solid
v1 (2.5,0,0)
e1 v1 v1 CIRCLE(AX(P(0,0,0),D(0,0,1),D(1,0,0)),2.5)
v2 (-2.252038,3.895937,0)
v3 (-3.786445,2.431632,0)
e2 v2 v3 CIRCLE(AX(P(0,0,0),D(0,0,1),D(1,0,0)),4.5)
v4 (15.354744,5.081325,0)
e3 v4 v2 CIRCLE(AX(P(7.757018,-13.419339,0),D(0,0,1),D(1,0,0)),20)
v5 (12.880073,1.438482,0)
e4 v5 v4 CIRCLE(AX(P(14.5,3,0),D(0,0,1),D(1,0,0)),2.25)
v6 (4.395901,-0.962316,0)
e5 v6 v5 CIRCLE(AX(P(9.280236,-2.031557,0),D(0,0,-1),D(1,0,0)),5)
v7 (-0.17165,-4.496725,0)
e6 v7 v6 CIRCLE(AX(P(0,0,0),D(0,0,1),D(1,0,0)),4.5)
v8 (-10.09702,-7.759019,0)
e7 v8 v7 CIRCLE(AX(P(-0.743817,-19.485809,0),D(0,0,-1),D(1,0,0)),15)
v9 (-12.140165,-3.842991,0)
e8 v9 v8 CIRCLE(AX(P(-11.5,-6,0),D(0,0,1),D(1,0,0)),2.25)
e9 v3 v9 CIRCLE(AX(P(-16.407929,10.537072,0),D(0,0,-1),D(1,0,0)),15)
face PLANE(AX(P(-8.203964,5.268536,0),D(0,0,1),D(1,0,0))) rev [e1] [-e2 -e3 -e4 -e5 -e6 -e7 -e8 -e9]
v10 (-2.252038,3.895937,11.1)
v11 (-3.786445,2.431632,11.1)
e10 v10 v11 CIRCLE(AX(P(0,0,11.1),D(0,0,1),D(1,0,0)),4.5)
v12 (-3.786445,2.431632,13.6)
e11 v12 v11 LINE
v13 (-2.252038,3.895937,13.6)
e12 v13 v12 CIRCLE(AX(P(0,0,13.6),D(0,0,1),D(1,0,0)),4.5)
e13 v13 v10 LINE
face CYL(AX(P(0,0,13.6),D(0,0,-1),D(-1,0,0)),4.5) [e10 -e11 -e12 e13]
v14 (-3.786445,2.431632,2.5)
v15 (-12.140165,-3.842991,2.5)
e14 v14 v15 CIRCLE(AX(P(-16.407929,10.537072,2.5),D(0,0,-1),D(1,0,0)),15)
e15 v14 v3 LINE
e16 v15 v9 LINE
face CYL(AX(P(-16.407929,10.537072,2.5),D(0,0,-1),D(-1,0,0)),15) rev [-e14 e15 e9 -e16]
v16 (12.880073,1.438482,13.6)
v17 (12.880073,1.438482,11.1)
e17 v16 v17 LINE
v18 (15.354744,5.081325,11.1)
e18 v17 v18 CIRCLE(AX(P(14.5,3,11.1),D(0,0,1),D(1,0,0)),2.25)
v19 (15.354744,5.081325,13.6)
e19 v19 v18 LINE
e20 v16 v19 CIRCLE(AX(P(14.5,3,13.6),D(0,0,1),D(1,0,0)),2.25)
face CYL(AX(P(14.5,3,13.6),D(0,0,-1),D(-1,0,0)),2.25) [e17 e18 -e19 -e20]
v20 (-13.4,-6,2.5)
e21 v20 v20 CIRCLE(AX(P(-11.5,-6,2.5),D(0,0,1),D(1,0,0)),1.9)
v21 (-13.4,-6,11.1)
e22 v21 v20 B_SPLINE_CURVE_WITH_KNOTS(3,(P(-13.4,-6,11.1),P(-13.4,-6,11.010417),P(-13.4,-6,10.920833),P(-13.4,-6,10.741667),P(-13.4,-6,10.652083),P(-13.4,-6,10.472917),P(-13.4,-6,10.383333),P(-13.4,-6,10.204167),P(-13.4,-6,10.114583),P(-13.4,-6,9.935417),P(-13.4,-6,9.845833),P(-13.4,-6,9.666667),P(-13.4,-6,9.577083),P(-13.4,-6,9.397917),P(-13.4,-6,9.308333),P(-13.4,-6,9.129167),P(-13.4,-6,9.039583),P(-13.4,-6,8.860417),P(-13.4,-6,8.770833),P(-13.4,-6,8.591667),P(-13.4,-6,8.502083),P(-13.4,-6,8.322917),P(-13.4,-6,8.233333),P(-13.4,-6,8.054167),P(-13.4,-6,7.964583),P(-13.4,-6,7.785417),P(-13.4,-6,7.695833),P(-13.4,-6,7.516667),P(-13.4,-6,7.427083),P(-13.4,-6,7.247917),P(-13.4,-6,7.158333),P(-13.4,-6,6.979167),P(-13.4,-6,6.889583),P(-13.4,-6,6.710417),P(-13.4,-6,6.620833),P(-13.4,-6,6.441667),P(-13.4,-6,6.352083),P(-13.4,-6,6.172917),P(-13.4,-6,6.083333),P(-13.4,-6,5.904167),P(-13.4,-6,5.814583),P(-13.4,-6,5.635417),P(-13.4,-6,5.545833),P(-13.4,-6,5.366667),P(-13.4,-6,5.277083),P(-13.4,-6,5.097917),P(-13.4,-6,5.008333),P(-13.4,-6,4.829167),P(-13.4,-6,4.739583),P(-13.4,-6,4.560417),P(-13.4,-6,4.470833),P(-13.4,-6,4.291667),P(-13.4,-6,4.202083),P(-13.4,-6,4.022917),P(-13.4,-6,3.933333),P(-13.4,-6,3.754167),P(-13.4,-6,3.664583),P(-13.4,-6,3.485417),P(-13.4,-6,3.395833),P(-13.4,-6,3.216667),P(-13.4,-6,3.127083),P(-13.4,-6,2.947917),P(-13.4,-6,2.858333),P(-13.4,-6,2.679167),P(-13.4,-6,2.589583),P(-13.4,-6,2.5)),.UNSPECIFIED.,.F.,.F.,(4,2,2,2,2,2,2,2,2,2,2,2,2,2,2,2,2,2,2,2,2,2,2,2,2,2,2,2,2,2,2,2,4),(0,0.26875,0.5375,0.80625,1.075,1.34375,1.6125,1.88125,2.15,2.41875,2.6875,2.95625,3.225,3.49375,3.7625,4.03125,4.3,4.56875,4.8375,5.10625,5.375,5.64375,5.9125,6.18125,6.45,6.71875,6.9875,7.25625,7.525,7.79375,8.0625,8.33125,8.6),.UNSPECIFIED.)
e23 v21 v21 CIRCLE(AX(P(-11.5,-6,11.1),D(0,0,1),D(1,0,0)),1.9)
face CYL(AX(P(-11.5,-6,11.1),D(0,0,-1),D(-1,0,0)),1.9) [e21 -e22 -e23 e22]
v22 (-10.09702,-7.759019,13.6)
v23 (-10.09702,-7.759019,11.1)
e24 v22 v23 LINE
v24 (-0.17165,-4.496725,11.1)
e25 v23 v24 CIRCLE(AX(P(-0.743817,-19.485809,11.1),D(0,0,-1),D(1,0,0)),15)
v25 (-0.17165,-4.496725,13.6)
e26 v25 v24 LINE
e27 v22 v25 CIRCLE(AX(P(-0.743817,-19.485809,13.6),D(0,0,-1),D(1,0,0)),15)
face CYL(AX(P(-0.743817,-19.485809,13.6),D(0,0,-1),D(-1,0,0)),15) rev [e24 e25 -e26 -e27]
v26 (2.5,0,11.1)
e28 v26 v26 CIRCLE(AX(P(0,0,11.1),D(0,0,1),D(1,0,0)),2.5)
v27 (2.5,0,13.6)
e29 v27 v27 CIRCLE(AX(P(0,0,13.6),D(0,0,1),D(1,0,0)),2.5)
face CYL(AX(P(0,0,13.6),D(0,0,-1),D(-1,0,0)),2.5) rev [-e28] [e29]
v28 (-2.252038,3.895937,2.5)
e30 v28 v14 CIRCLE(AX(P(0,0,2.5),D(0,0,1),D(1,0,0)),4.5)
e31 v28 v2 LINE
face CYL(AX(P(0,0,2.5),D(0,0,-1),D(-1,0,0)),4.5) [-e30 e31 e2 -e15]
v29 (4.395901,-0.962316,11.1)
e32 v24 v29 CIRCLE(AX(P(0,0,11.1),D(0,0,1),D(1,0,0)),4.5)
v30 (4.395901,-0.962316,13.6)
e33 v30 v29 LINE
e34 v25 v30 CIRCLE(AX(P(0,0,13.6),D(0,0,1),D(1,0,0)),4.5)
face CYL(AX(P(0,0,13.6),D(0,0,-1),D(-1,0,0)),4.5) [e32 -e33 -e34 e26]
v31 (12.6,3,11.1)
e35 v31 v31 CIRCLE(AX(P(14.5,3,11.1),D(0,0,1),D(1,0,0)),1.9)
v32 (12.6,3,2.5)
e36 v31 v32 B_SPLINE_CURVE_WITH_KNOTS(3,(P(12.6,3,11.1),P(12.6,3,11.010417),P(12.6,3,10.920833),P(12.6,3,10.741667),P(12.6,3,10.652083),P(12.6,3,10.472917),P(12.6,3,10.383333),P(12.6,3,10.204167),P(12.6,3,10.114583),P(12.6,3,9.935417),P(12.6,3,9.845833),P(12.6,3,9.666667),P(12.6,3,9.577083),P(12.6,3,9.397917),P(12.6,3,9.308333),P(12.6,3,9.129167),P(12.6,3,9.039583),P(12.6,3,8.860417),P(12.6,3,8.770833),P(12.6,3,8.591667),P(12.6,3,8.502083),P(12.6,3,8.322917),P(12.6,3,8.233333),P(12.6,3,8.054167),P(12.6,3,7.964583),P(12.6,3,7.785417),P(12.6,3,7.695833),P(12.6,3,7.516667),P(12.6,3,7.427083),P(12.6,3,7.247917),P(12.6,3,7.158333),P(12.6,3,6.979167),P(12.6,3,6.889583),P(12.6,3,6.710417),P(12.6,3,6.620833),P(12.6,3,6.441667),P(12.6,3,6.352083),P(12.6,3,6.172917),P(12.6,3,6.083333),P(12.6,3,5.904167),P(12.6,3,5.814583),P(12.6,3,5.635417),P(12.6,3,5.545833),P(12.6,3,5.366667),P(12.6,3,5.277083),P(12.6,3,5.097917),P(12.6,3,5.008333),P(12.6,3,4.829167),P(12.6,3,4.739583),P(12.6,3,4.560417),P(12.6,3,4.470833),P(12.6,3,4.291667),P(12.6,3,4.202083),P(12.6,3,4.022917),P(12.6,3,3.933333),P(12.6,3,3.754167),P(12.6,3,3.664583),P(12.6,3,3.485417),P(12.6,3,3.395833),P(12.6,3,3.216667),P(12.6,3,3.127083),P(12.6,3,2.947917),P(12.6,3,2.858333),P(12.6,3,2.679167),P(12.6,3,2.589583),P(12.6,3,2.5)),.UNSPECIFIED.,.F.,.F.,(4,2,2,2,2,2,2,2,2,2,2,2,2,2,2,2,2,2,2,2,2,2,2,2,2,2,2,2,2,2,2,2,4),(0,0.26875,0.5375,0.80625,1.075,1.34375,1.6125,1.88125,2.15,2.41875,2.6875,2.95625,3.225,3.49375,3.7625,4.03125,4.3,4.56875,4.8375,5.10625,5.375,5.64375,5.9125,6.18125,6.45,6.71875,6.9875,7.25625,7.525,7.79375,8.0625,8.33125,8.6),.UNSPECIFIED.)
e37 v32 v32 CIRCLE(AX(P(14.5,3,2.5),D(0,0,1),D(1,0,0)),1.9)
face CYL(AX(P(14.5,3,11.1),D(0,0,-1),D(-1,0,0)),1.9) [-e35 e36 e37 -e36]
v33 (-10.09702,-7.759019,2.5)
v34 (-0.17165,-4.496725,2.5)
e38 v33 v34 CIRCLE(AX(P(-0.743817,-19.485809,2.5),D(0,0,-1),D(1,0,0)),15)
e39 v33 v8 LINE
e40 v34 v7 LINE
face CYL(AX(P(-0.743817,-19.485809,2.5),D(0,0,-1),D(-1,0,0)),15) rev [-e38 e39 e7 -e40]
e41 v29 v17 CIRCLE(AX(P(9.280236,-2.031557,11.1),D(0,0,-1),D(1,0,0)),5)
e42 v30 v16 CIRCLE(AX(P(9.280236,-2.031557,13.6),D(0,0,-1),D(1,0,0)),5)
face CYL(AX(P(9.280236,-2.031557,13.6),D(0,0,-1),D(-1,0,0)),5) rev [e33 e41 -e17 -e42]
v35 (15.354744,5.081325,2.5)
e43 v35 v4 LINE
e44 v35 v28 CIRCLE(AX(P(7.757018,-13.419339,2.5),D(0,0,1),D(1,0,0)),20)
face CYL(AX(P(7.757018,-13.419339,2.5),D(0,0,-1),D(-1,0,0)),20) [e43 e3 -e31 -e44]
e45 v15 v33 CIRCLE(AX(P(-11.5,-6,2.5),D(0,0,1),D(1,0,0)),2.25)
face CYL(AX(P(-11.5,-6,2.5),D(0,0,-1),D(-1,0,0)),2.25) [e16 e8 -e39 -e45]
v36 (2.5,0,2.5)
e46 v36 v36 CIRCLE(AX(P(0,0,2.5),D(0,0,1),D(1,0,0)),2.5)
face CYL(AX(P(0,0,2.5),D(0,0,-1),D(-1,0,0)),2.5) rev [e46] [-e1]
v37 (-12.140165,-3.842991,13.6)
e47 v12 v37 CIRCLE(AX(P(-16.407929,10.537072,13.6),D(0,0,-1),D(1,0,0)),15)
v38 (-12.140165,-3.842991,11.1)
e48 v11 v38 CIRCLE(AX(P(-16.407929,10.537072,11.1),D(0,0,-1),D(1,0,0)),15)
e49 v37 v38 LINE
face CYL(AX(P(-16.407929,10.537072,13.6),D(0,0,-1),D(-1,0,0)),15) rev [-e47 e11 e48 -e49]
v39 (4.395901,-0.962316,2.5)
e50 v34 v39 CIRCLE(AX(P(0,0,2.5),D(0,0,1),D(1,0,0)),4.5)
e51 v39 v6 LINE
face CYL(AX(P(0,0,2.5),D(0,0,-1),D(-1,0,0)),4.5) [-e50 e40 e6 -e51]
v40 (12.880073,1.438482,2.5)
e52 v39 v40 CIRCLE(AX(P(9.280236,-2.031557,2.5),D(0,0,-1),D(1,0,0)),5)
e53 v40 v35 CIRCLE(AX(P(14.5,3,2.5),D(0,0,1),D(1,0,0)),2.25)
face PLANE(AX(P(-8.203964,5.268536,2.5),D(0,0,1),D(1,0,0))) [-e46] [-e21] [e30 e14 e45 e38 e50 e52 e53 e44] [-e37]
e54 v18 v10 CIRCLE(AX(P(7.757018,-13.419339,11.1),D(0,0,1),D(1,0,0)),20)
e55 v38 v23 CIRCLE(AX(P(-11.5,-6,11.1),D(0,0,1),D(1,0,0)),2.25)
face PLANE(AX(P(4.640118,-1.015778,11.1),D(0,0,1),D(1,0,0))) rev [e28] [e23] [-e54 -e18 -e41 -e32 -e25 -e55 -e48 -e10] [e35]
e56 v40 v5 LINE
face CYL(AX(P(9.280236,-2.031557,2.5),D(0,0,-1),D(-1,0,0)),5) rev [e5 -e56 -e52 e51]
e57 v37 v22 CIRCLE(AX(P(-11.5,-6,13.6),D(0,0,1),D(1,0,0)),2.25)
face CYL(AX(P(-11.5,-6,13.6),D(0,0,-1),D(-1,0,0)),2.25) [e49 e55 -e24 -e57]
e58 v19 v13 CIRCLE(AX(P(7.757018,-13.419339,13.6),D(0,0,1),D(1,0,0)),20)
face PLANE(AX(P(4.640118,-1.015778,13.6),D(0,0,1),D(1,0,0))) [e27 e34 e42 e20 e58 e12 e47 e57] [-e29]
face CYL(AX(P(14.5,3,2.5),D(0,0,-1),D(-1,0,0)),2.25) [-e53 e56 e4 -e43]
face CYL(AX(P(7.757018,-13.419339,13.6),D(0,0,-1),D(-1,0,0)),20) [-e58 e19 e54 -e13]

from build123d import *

# Parameters (mm, degrees)
CROQUIS1_R              = 2.5
SALIENTE_EXTRUIR1_DEPTH = 2.5
CROQUIS2_R              = 1.9
SALIENTE_EXTRUIR2_DEPTH = 8.6
CROQUIS3_R              = 2.5
SALIENTE_EXTRUIR3_DEPTH = 2.5


with BuildPart() as part:
    # Croquis1 → Saliente-Extruir1 (new body)
    with BuildSketch(Plane.XY):
        with BuildLine():
            ThreePointArc((-0.171650138, -4.496725056), (2.753921849, -3.558920405), (4.395901196, -0.962316307))
            ThreePointArc((4.395901196, -0.962316307), (7.9188241, 2.779530342), (12.880073197, 1.43848242))
            ThreePointArc((12.880073197, 1.43848242), (16.361169276, 1.735662654), (15.354744139, 5.081324688))
            ThreePointArc((15.354744139, 5.081324688), (6.413547413, 6.535486918), (-2.252037616, 3.895937188))
            ThreePointArc((-2.252037616, 3.895937188), (-3.106745208, 3.25547757), (-3.786445073, 2.431631903))
            ThreePointArc((-3.786445073, 2.431631903), (-7.399355323, -1.45649364), (-12.140164606, -3.842990664))
            ThreePointArc((-12.140164606, -3.842990664), (-13.494815904, -7.040773515), (-10.097019643, -7.75901851))
            ThreePointArc((-10.097019643, -7.75901851), (-5.427542776, -5.235801021), (-0.171650138, -4.496725056))
        make_face()
        Circle(CROQUIS1_R, mode=Mode.SUBTRACT)
    extrude(amount=SALIENTE_EXTRUIR1_DEPTH)

    # Croquis2 → Saliente-Extruir2 (add)
    with BuildSketch(Plane.XY.offset(2.5)):
        with Locations(Location((-11.5, -6, 0), (0, 0, 180))):
            Circle(CROQUIS2_R)
        with Locations(Location((14.5, 3, 0), (0, 0, 180))):
            Circle(CROQUIS2_R)
    extrude(amount=SALIENTE_EXTRUIR2_DEPTH)

    # Croquis3 → Saliente-Extruir3 (add)
    with BuildSketch(Plane.XY.offset(11.1)):
        with BuildLine():
            ThreePointArc((12.880073197, 1.43848242), (16.361169276, 1.735662654), (15.354744139, 5.081324688))
            ThreePointArc((15.354744139, 5.081324688), (6.413547413, 6.535486918), (-2.252037616, 3.895937188))
            ThreePointArc((-2.252037616, 3.895937188), (-3.106745208, 3.25547757), (-3.786445073, 2.431631903))
            ThreePointArc((-3.786445073, 2.431631903), (-7.399355323, -1.45649364), (-12.140164606, -3.842990664))
            ThreePointArc((-12.140164606, -3.842990664), (-13.494815904, -7.040773515), (-10.097019643, -7.75901851))
            ThreePointArc((-10.097019643, -7.75901851), (-5.427542776, -5.235801021), (-0.171650138, -4.496725056))
            ThreePointArc((-0.171650138, -4.496725056), (2.753921849, -3.558920405), (4.395901196, -0.962316307))
            ThreePointArc((4.395901196, -0.962316307), (7.9188241, 2.779530342), (12.880073197, 1.43848242))
        make_face()
        Circle(CROQUIS3_R, mode=Mode.SUBTRACT)
    extrude(amount=SALIENTE_EXTRUIR3_DEPTH)


solid = part.part
